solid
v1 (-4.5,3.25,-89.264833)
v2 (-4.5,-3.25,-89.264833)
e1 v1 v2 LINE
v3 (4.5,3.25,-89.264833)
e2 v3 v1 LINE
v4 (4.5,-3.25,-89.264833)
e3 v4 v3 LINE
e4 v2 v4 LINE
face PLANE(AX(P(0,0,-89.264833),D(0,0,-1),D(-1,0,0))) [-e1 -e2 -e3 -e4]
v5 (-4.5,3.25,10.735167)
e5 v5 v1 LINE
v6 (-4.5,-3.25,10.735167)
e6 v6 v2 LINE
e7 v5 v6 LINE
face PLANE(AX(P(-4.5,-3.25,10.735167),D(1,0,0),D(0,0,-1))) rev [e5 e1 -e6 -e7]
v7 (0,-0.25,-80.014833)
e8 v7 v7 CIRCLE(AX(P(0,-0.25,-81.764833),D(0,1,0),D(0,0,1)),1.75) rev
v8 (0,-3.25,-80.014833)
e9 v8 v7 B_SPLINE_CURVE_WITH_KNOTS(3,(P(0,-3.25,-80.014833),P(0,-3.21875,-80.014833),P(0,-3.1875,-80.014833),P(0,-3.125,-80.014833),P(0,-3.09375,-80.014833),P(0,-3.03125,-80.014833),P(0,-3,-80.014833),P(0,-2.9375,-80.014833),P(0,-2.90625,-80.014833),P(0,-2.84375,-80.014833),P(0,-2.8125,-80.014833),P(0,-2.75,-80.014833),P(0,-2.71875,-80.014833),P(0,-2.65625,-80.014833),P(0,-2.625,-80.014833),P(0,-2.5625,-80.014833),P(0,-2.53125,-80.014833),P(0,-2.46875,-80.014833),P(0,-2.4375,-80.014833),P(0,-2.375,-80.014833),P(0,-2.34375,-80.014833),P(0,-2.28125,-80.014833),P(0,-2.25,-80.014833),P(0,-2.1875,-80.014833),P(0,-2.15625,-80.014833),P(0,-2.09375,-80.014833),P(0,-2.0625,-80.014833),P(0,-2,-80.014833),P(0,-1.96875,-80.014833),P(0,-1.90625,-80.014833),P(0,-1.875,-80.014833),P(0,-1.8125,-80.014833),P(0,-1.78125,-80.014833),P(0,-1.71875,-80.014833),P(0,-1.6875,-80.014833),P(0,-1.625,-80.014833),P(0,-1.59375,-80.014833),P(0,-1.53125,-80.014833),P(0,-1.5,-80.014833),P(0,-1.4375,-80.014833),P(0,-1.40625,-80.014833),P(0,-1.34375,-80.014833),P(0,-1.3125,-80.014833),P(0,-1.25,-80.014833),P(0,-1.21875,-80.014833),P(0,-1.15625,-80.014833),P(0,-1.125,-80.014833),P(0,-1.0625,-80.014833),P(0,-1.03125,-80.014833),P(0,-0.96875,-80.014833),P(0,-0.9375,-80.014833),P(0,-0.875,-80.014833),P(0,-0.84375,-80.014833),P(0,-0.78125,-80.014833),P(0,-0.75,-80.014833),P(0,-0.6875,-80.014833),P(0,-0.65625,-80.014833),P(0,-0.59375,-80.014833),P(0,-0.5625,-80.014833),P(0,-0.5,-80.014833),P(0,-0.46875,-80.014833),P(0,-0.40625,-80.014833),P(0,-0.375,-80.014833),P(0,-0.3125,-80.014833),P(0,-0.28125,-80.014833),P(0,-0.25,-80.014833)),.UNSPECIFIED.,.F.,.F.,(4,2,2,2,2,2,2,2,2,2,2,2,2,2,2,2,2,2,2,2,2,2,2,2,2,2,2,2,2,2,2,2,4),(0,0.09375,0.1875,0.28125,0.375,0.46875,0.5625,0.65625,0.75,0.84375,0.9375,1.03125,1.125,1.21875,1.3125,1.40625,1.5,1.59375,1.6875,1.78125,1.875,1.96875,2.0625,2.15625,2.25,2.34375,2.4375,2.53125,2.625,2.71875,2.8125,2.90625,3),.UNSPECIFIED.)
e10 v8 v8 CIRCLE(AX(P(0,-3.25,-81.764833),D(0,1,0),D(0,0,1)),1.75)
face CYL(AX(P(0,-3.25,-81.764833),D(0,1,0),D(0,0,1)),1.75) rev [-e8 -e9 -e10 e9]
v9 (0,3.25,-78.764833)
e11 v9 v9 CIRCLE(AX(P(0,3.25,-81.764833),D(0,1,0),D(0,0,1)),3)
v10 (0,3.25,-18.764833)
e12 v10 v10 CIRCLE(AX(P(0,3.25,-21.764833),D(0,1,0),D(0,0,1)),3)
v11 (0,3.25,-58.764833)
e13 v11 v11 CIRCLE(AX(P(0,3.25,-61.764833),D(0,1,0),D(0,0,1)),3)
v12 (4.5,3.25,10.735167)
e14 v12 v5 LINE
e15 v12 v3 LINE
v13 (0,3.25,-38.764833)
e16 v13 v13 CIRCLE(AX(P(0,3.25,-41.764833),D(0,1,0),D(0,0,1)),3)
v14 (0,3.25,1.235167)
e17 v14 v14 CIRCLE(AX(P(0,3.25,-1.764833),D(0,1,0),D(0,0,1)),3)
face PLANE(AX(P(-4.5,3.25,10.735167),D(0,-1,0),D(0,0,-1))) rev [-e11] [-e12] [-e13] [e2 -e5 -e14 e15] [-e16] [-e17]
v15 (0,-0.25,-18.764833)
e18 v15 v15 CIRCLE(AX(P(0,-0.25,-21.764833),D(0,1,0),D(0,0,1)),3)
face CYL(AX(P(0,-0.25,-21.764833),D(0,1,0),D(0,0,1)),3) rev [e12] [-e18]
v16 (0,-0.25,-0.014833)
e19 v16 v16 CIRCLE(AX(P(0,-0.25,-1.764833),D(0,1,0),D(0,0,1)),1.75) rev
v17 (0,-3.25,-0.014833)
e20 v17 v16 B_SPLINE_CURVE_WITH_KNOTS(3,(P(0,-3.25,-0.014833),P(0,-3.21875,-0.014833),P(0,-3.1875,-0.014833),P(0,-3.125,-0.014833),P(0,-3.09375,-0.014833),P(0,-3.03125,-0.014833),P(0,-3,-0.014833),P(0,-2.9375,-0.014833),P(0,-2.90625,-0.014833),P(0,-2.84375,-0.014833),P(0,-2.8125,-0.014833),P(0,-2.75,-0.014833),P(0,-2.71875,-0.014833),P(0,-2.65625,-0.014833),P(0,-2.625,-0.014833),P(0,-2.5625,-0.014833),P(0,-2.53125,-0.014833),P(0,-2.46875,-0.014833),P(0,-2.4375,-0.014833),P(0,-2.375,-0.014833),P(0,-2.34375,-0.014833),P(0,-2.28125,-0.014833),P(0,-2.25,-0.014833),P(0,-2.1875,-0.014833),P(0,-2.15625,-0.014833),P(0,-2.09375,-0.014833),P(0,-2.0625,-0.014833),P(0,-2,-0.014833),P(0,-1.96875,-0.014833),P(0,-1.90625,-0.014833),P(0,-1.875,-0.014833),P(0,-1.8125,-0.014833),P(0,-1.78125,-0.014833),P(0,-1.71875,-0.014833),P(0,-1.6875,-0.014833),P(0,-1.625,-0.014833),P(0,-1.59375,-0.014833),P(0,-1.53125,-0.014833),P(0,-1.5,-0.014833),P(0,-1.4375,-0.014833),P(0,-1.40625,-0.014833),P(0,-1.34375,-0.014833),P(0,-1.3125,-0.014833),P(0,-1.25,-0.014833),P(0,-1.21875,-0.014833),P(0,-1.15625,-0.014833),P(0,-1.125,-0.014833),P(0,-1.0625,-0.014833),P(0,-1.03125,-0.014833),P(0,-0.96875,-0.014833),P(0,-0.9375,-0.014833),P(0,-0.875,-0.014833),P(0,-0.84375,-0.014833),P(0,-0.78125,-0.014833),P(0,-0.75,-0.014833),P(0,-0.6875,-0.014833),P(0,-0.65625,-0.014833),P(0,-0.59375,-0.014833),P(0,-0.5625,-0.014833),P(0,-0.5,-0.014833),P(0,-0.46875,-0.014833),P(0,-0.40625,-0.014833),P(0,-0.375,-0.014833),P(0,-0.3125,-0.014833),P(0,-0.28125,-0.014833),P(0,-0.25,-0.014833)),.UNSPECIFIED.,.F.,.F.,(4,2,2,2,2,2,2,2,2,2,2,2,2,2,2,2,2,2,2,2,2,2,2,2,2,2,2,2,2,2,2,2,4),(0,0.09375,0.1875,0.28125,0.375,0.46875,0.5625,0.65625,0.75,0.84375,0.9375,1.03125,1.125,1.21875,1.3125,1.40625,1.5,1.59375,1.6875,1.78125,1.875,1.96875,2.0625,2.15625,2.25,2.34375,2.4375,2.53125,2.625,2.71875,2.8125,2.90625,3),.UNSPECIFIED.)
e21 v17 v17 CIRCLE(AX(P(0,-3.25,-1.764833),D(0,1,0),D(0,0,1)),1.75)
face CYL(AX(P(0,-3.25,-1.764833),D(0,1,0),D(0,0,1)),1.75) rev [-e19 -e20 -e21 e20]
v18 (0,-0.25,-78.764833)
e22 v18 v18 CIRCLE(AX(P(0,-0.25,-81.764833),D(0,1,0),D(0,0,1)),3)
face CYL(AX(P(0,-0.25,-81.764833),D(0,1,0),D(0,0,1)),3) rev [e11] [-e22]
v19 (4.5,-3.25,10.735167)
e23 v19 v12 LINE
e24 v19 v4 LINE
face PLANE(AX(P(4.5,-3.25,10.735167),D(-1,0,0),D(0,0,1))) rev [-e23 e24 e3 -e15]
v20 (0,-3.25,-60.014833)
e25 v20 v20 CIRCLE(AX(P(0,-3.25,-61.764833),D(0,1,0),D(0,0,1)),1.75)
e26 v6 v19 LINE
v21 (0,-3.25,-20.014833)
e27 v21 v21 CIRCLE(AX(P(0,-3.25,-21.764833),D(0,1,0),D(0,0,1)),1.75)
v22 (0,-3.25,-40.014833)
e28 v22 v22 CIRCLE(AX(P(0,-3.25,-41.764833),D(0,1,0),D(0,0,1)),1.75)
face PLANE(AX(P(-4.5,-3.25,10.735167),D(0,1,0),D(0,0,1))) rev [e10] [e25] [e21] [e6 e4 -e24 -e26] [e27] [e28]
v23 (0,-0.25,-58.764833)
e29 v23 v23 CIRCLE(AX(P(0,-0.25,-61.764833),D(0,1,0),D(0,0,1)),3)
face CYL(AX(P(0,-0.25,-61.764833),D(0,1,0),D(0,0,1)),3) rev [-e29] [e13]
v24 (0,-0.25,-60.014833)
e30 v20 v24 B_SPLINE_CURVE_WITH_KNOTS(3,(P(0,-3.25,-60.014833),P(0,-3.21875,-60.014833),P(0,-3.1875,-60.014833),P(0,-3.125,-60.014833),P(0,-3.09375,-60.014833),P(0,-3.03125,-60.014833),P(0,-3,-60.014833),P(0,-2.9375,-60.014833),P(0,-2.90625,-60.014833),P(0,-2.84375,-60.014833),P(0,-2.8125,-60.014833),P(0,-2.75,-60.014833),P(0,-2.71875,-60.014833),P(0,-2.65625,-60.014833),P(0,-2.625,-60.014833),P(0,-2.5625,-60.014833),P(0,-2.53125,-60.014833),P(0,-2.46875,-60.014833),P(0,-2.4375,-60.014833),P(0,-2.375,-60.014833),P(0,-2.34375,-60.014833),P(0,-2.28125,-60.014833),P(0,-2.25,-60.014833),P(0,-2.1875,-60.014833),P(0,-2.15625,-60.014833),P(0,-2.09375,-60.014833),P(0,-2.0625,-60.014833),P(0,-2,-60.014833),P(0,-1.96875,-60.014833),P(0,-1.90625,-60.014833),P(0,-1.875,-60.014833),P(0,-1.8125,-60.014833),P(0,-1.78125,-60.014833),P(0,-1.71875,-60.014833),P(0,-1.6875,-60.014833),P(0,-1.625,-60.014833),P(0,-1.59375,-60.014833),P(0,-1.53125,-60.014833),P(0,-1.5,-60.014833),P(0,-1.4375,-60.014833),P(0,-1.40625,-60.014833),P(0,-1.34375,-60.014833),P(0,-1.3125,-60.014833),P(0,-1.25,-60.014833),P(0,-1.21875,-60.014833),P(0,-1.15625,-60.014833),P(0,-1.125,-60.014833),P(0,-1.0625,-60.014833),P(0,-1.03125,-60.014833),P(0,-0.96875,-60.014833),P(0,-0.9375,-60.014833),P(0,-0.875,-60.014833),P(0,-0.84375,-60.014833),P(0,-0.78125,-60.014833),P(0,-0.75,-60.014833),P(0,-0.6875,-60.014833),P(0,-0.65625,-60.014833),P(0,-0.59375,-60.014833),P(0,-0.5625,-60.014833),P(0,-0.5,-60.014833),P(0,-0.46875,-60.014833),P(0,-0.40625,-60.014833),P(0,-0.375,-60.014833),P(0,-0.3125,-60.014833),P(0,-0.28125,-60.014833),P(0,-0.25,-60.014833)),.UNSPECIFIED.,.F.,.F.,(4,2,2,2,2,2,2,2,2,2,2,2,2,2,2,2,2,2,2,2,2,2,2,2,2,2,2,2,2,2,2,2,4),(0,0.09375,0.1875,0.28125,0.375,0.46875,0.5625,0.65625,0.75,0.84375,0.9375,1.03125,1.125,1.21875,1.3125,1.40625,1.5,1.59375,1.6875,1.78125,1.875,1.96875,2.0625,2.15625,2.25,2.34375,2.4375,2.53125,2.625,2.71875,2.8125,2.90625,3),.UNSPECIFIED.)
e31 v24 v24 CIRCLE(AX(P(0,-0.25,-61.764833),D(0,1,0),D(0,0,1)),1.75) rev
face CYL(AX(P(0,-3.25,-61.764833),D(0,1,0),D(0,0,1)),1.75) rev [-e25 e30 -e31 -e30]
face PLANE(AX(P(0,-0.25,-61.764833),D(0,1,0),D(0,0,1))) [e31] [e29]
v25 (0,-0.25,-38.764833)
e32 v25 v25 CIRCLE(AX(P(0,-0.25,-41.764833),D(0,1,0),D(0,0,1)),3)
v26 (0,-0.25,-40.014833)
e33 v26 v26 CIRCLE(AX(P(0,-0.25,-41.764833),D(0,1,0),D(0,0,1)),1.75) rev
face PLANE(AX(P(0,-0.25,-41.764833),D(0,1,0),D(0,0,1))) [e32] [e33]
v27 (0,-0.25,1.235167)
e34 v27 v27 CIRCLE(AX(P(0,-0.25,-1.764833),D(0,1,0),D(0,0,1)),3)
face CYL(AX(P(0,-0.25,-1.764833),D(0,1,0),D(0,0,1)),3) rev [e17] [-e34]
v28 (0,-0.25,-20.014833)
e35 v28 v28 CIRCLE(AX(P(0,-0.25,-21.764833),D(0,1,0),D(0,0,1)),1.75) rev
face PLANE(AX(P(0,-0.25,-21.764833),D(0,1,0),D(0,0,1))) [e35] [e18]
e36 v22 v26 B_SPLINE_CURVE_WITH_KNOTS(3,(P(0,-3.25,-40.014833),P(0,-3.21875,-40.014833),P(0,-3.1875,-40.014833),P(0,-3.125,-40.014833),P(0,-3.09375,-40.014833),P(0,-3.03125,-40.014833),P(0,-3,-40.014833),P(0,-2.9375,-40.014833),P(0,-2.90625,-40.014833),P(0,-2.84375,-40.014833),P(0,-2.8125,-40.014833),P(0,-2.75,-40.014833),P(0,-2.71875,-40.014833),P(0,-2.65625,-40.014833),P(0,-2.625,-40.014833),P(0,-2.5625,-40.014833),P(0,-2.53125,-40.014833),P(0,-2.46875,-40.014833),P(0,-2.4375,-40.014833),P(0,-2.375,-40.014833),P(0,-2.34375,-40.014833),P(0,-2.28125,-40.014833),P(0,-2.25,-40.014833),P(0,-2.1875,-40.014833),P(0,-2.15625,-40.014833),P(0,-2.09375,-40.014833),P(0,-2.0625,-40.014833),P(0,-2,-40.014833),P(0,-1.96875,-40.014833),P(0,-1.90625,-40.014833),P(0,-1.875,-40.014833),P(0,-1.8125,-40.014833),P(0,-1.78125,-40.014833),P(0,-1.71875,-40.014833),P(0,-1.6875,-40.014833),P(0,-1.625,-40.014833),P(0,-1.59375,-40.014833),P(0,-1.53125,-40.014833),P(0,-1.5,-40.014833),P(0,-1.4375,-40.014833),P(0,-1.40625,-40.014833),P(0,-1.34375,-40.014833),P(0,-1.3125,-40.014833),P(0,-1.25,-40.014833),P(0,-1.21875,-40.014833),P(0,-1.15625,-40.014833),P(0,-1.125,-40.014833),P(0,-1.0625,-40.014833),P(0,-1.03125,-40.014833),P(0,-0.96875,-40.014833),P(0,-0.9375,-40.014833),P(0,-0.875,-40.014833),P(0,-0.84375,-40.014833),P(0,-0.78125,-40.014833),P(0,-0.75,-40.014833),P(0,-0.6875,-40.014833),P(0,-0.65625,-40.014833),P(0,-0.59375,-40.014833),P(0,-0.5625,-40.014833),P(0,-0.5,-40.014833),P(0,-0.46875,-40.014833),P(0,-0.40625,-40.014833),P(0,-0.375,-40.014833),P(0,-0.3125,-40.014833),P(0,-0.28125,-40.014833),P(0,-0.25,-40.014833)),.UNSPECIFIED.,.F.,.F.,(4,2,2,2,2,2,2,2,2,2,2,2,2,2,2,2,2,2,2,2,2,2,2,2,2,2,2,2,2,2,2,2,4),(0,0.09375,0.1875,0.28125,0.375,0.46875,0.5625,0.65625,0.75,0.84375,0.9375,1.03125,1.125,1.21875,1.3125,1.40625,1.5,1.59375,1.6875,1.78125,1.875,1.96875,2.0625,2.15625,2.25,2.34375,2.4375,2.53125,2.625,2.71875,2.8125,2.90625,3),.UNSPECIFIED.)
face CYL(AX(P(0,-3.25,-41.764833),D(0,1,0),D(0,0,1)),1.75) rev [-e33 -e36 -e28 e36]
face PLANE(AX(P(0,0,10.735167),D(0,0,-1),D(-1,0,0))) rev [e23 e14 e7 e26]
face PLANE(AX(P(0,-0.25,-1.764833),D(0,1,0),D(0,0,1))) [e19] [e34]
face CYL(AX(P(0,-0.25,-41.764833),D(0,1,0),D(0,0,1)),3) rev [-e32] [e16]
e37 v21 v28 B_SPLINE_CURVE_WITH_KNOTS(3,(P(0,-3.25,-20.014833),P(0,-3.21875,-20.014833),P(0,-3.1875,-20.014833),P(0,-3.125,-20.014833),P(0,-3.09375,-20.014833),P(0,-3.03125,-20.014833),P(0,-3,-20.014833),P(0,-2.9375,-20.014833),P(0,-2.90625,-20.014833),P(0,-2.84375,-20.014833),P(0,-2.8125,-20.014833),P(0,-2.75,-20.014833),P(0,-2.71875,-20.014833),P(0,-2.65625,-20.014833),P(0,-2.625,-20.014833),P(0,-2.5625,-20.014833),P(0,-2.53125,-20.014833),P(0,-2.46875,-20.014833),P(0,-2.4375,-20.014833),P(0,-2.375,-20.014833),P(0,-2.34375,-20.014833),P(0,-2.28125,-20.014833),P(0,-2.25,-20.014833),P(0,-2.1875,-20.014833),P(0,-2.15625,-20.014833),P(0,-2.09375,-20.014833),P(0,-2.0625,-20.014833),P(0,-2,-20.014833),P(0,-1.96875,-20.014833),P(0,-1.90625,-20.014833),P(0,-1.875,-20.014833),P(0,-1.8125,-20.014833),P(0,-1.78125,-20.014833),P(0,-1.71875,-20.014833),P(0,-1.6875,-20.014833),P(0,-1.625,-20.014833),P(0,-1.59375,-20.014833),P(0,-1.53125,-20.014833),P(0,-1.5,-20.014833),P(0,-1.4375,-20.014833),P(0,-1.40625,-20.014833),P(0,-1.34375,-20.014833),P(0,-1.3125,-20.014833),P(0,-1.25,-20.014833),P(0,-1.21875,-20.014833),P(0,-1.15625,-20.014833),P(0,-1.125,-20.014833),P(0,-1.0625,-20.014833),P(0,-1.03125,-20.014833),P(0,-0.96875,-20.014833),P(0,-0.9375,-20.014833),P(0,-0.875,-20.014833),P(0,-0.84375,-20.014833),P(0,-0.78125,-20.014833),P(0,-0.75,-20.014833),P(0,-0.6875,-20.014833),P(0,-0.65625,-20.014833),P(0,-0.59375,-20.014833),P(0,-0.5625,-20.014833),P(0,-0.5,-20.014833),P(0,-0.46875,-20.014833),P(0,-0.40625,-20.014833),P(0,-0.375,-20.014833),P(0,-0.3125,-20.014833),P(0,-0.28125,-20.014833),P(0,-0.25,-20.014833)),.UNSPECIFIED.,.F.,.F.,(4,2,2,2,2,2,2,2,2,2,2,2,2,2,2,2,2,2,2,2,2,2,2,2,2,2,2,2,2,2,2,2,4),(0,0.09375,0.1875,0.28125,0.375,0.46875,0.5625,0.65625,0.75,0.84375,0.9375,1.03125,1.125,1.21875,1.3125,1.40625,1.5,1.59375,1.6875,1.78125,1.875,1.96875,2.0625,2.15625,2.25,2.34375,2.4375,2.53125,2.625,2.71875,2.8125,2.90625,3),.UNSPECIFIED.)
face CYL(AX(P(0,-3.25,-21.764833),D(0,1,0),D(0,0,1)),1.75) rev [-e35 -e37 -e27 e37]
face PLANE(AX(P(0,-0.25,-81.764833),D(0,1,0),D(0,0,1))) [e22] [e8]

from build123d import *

# Parameters (mm, degrees)
SKETCH_1_W          = 9
SKETCH_1_H          = 6.5
EXTRUDE_1_DEPTH     = 100
SKETCH_2_R          = 1.750000006
CUT_EXTRUDE_1_DEPTH = 90.614230596
SKETCH_3_R          = 3.000000006
CUT_EXTRUDE_2_DEPTH = 3.5


with BuildPart() as part:
    # 草图1 → 凸台-拉伸1 (new body)
    with BuildSketch(Plane.XY.offset(-89.264832522)):
        Rectangle(SKETCH_1_W, SKETCH_1_H)
    extrude(amount=EXTRUDE_1_DEPTH)

    # 草图2 → 切除-拉伸1 (cut, through all)
    with BuildSketch(Plane(origin=(0, 3.25, 0), x_dir=(1, 0, 0), z_dir=(0, 1, 0))):
        with Locations(Location((0, 81.764832522, 0), (0, 0, 270))):
            Circle(SKETCH_2_R)
        with Locations(Location((0, 61.764832522, 0), (0, 0, 270))):
            Circle(SKETCH_2_R)
        with Locations(Location((0, 41.764832522, 0), (0, 0, 270))):
            Circle(SKETCH_2_R)
        with Locations(Location((0, 21.764832522, 0), (0, 0, 270))):
            Circle(SKETCH_2_R)
        with Locations(Location((0, 1.764832522, 0), (0, 0, 270))):
            Circle(SKETCH_2_R)
        with Locations((0, -18.235167478)):
            Circle(SKETCH_2_R)
        with Locations((0, -38.235167478)):
            Circle(SKETCH_2_R)
        with Locations((0, -58.235167478)):
            Circle(SKETCH_2_R)
        with Locations((0, -78.235167478)):
            Circle(SKETCH_2_R)
        with Locations((0, -98.235167478)):
            Circle(SKETCH_2_R)
        with Locations((0, -118.235167478)):
            Circle(SKETCH_2_R)
        with Locations((0, -138.235167478)):
            Circle(SKETCH_2_R)
        with Locations((0, -158.235167478)):
            Circle(SKETCH_2_R)
        with Locations((0, -178.235167478)):
            Circle(SKETCH_2_R)
        with Locations((0, -198.235167478)):
            Circle(SKETCH_2_R)
        with Locations((0, -218.235167478)):
            Circle(SKETCH_2_R)
        with Locations((0, -238.235167478)):
            Circle(SKETCH_2_R)
        with Locations((0, -258.235167478)):
            Circle(SKETCH_2_R)
        with Locations((0, -278.235167478)):
            Circle(SKETCH_2_R)
        with Locations((0, -298.235167478)):
            Circle(SKETCH_2_R)
        with Locations((0, -318.235167478)):
            Circle(SKETCH_2_R)
        with Locations((0, -338.235167478)):
            Circle(SKETCH_2_R)
        with Locations((0, -358.235167478)):
            Circle(SKETCH_2_R)
        with Locations((0, -378.235167478)):
            Circle(SKETCH_2_R)
        with Locations((0, -398.235167478)):
            Circle(SKETCH_2_R)
        with Locations((0, -418.235167478)):
            Circle(SKETCH_2_R)
        with Locations((0, -438.235167478)):
            Circle(SKETCH_2_R)
        with Locations((0, -458.235167478)):
            Circle(SKETCH_2_R)
        with Locations((0, -478.235167478)):
            Circle(SKETCH_2_R)
        with Locations((0, -498.235167478)):
            Circle(SKETCH_2_R)
        with Locations((0, -518.235167478)):
            Circle(SKETCH_2_R)
        with Locations((0, -538.235167478)):
            Circle(SKETCH_2_R)
        with Locations((0, -558.235167478)):
            Circle(SKETCH_2_R)
        with Locations((0, -578.235167478)):
            Circle(SKETCH_2_R)
        with Locations((0, -598.235167478)):
            Circle(SKETCH_2_R)
        with Locations((0, -618.235167478)):
            Circle(SKETCH_2_R)
        with Locations((0, -638.235167478)):
            Circle(SKETCH_2_R)
        with Locations((0, -658.235167478)):
            Circle(SKETCH_2_R)
        with Locations((0, -678.235167478)):
            Circle(SKETCH_2_R)
        with Locations((0, -698.235167478)):
            Circle(SKETCH_2_R)
        with Locations((0, -718.235167478)):
            Circle(SKETCH_2_R)
        with Locations((0, -738.235167478)):
            Circle(SKETCH_2_R)
        with Locations((0, -758.235167478)):
            Circle(SKETCH_2_R)
        with Locations((0, -778.235167478)):
            Circle(SKETCH_2_R)
        with Locations((0, -798.235167478)):
            Circle(SKETCH_2_R)
        with Locations((0, -818.235167478)):
            Circle(SKETCH_2_R)
        with Locations((0, -838.235167478)):
            Circle(SKETCH_2_R)
        with Locations((0, -858.235167478)):
            Circle(SKETCH_2_R)
        with Locations((0, -878.235167478)):
            Circle(SKETCH_2_R)
        with Locations((0, -898.235167478)):
            Circle(SKETCH_2_R)
        with Locations((0, -918.235167478)):
            Circle(SKETCH_2_R)
        with Locations((0, -938.235167478)):
            Circle(SKETCH_2_R)
        with Locations((0, -958.235167478)):
            Circle(SKETCH_2_R)
        with Locations((0, -978.235167478)):
            Circle(SKETCH_2_R)
        with Locations((0, -998.235167478)):
            Circle(SKETCH_2_R)
        with Locations((0, -1018.235167478)):
            Circle(SKETCH_2_R)
        with Locations((0, -1038.235167478)):
            Circle(SKETCH_2_R)
        with Locations((0, -1058.235167478)):
            Circle(SKETCH_2_R)
        with Locations((0, -1078.235167478)):
            Circle(SKETCH_2_R)
        with Locations((0, -1098.235167478)):
            Circle(SKETCH_2_R)
    extrude(amount=-CUT_EXTRUDE_1_DEPTH, mode=Mode.SUBTRACT)

    # 草图3 → 切除-拉伸2 (cut)
    with BuildSketch(Plane(origin=(0, 3.25, 0), x_dir=(1, 0, 0), z_dir=(0, 1, 0))):
        with Locations(Location((0, 81.764832522, 0), (0, 0, 270))):
            Circle(SKETCH_3_R)
        with Locations(Location((0, 61.764832522, 0), (0, 0, 270))):
            Circle(SKETCH_3_R)
        with Locations(Location((0, 41.764832522, 0), (0, 0, 270))):
            Circle(SKETCH_3_R)
        with Locations(Location((0, 21.764832522, 0), (0, 0, 270))):
            Circle(SKETCH_3_R)
        with Locations(Location((0, 1.764832522, 0), (0, 0, 270))):
            Circle(SKETCH_3_R)
        with Locations((0, -18.235167478)):
            Circle(SKETCH_3_R)
        with Locations((0, -38.235167478)):
            Circle(SKETCH_3_R)
        with Locations((0, -58.235167478)):
            Circle(SKETCH_3_R)
        with Locations((0, -78.235167478)):
            Circle(SKETCH_3_R)
        with Locations((0, -98.235167478)):
            Circle(SKETCH_3_R)
        with Locations((0, -118.235167478)):
            Circle(SKETCH_3_R)
        with Locations((0, -138.235167478)):
            Circle(SKETCH_3_R)
        with Locations((0, -158.235167478)):
            Circle(SKETCH_3_R)
        with Locations((0, -178.235167478)):
            Circle(SKETCH_3_R)
        with Locations((0, -198.235167478)):
            Circle(SKETCH_3_R)
        with Locations((0, -218.235167478)):
            Circle(SKETCH_3_R)
        with Locations((0, -238.235167478)):
            Circle(SKETCH_3_R)
        with Locations((0, -258.235167478)):
            Circle(SKETCH_3_R)
        with Locations((0, -278.235167478)):
            Circle(SKETCH_3_R)
        with Locations((0, -298.235167478)):
            Circle(SKETCH_3_R)
        with Locations((0, -318.235167478)):
            Circle(SKETCH_3_R)
        with Locations((0, -338.235167478)):
            Circle(SKETCH_3_R)
        with Locations((0, -358.235167478)):
            Circle(SKETCH_3_R)
        with Locations((0, -378.235167478)):
            Circle(SKETCH_3_R)
        with Locations((0, -398.235167478)):
            Circle(SKETCH_3_R)
        with Locations((0, -418.235167478)):
            Circle(SKETCH_3_R)
        with Locations((0, -438.235167478)):
            Circle(SKETCH_3_R)
        with Locations((0, -458.235167478)):
            Circle(SKETCH_3_R)
        with Locations((0, -478.235167478)):
            Circle(SKETCH_3_R)
        with Locations((0, -498.235167478)):
            Circle(SKETCH_3_R)
        with Locations((0, -518.235167478)):
            Circle(SKETCH_3_R)
        with Locations((0, -538.235167478)):
            Circle(SKETCH_3_R)
        with Locations((0, -558.235167478)):
            Circle(SKETCH_3_R)
        with Locations((0, -578.235167478)):
            Circle(SKETCH_3_R)
        with Locations((0, -598.235167478)):
            Circle(SKETCH_3_R)
        with Locations((0, -618.235167478)):
            Circle(SKETCH_3_R)
        with Locations((0, -638.235167478)):
            Circle(SKETCH_3_R)
        with Locations((0, -658.235167478)):
            Circle(SKETCH_3_R)
        with Locations((0, -678.235167478)):
            Circle(SKETCH_3_R)
        with Locations((0, -698.235167478)):
            Circle(SKETCH_3_R)
        with Locations((0, -718.235167478)):
            Circle(SKETCH_3_R)
        with Locations((0, -738.235167478)):
            Circle(SKETCH_3_R)
        with Locations((0, -758.235167478)):
            Circle(SKETCH_3_R)
        with Locations((0, -778.235167478)):
            Circle(SKETCH_3_R)
        with Locations((0, -798.235167478)):
            Circle(SKETCH_3_R)
        with Locations((0, -818.235167478)):
            Circle(SKETCH_3_R)
        with Locations((0, -838.235167478)):
            Circle(SKETCH_3_R)
        with Locations((0, -858.235167478)):
            Circle(SKETCH_3_R)
        with Locations((0, -878.235167478)):
            Circle(SKETCH_3_R)
        with Locations((0, -898.235167478)):
            Circle(SKETCH_3_R)
        with Locations((0, -918.235167478)):
            Circle(SKETCH_3_R)
        with Locations((0, -938.235167478)):
            Circle(SKETCH_3_R)
        with Locations((0, -958.235167478)):
            Circle(SKETCH_3_R)
        with Locations((0, -978.235167478)):
            Circle(SKETCH_3_R)
        with Locations((0, -998.235167478)):
            Circle(SKETCH_3_R)
        with Locations((0, -1018.235167478)):
            Circle(SKETCH_3_R)
        with Locations((0, -1038.235167478)):
            Circle(SKETCH_3_R)
        with Locations((0, -1058.235167478)):
            Circle(SKETCH_3_R)
        with Locations((0, -1078.235167478)):
            Circle(SKETCH_3_R)
        with Locations((0, -1098.235167478)):
            Circle(SKETCH_3_R)
    extrude(amount=-CUT_EXTRUDE_2_DEPTH, mode=Mode.SUBTRACT)


solid = part.part
